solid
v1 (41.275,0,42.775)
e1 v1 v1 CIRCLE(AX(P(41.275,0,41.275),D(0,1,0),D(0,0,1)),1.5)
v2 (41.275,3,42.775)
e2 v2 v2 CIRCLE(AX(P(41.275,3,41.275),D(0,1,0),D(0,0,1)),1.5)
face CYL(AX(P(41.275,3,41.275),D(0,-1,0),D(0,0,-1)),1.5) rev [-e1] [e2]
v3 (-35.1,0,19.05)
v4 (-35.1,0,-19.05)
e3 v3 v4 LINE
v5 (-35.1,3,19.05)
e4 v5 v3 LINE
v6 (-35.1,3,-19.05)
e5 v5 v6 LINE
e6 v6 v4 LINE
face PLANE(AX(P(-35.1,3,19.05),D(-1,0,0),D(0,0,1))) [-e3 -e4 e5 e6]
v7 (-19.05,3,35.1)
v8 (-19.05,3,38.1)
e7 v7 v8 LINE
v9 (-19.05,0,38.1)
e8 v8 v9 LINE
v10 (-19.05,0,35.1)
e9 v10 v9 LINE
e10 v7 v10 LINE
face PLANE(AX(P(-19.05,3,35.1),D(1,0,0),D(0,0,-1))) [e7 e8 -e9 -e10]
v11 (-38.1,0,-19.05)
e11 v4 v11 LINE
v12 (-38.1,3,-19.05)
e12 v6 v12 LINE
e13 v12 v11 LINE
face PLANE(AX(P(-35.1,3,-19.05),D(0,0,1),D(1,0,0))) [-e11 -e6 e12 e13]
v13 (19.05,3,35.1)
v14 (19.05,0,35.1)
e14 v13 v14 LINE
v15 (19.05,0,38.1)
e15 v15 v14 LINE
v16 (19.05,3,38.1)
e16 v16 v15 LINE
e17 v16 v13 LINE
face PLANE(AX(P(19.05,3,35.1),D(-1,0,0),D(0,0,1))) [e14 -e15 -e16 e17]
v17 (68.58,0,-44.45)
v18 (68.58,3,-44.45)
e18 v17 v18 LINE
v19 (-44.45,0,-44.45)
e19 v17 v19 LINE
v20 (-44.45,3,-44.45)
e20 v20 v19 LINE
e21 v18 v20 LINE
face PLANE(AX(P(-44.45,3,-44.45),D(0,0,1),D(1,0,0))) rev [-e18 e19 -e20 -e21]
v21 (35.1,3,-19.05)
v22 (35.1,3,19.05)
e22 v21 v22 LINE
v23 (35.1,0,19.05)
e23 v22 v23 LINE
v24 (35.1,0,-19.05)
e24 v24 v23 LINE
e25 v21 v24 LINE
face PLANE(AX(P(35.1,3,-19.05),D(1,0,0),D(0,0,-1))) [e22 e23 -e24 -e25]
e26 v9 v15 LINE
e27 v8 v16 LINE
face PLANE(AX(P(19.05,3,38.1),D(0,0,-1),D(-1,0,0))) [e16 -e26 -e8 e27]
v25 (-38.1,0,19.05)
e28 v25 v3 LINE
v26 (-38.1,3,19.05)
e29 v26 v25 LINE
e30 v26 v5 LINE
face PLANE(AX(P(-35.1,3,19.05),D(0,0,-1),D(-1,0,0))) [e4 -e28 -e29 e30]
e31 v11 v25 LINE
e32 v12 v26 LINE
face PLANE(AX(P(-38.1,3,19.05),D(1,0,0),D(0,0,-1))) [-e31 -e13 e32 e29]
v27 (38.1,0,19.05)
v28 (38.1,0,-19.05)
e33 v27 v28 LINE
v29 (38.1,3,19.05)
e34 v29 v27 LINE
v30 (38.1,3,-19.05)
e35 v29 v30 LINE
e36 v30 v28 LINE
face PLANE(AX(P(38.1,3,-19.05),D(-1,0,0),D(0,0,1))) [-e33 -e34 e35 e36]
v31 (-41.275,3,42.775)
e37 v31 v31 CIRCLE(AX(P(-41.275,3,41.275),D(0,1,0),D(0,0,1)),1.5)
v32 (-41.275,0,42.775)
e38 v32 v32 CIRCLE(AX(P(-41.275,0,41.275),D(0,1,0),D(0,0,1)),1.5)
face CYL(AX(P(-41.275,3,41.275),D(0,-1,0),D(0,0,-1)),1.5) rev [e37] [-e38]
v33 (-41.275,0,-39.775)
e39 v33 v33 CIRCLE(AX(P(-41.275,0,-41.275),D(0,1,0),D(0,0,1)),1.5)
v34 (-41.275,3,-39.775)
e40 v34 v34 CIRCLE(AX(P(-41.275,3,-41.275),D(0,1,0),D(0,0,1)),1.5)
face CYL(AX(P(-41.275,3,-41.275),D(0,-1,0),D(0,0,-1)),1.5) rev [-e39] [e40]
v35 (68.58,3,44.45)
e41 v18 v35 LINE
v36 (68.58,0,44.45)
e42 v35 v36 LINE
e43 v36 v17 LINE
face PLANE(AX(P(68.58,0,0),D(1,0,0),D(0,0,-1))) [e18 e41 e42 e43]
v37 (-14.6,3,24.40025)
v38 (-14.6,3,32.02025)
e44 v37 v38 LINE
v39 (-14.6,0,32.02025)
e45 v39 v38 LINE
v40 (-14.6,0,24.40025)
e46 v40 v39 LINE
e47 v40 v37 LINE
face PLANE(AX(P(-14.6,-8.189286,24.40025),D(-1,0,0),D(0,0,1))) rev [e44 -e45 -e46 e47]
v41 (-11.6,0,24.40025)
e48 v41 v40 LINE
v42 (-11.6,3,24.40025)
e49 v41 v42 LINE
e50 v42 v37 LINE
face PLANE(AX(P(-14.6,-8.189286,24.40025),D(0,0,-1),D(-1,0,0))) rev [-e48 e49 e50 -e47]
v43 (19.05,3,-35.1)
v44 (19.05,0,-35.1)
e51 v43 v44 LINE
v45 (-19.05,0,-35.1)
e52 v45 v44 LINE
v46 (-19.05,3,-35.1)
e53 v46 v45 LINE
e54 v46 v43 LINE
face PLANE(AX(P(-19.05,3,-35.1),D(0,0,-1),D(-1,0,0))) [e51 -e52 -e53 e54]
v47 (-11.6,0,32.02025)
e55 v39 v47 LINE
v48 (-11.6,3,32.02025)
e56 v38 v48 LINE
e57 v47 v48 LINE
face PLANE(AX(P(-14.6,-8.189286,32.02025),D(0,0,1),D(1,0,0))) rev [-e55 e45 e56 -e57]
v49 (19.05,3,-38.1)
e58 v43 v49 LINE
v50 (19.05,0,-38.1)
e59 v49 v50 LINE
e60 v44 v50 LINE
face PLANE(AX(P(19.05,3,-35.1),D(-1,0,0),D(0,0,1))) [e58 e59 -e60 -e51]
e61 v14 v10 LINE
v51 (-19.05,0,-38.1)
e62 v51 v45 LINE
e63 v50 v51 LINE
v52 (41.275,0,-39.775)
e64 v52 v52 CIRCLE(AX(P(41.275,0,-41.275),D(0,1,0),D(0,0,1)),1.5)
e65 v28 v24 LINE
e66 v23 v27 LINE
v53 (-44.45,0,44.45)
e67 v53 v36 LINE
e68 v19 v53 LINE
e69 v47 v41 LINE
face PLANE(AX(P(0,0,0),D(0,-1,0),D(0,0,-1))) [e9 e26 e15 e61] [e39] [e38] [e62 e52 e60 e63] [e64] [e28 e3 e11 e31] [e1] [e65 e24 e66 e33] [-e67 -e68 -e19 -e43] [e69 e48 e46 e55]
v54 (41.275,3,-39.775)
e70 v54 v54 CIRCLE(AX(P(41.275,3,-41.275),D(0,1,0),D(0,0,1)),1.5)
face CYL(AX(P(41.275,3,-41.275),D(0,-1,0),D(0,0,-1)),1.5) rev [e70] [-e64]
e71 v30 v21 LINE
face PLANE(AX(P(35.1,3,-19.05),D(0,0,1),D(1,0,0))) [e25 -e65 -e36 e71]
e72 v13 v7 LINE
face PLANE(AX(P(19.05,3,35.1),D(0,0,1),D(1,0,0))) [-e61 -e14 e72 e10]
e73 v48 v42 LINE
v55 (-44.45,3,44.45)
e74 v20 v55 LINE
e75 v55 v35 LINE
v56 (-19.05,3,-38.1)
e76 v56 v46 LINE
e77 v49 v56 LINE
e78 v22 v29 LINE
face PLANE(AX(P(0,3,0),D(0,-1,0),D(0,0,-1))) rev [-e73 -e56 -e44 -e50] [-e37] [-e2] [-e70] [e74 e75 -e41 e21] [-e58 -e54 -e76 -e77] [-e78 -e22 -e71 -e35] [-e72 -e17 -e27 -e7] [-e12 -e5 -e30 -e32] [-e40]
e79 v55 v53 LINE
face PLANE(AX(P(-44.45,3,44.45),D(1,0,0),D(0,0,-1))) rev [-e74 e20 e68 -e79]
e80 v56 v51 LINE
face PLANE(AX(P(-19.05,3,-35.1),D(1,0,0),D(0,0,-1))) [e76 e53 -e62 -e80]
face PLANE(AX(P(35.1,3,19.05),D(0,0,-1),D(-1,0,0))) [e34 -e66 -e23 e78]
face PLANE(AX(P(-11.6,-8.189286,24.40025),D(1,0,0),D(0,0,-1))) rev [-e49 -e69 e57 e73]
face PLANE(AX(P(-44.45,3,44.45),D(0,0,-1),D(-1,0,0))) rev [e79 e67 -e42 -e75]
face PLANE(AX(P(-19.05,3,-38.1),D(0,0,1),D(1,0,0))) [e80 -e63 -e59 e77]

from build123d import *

# Parameters (mm, degrees)
SKETCH_4_W          = 88.9
SKETCH_4_H          = 88.9
SKETCH_4_R          = 1.5
SKETCH_4_W_2        = 38.1
SKETCH_4_H_2        = 3
SKETCH_4_W_3        = 3
SKETCH_4_H_3        = 38.1
EXTRUDE_1_DEPTH     = 3
SKETCH_6_W          = 88.9
SKETCH_6_H          = 3
EXTRUDE_2_DEPTH     = 24.13
SKETCH_7_W          = 3
SKETCH_7_H          = 7.62
CUT_EXTRUDE_1_DEPTH = 3


with BuildPart() as part:
    # 스케치4 → 보스-돌출1 (new body)
    with BuildSketch(Plane(origin=(0, 0, 0), x_dir=(1, 0, 0), z_dir=(0, 1, 0))):
        Rectangle(SKETCH_4_W, SKETCH_4_H)
        with Locations(Location((-41.275, 41.275, 0), (0, 0, 270))):
            Circle(SKETCH_4_R, mode=Mode.SUBTRACT)
        with Locations(Location((41.275, 41.275, 0), (0, 0, 270))):
            Circle(SKETCH_4_R, mode=Mode.SUBTRACT)
        with Locations(Location((41.275, -41.275, 0), (0, 0, 270))):
            Circle(SKETCH_4_R, mode=Mode.SUBTRACT)
        with Locations(Location((-41.275, -41.275, 0), (0, 0, 270))):
            Circle(SKETCH_4_R, mode=Mode.SUBTRACT)
        with Locations((0, 36.6)):
            Rectangle(SKETCH_4_W_2, SKETCH_4_H_2, mode=Mode.SUBTRACT)
        with Locations((36.6, 0)):
            Rectangle(SKETCH_4_W_3, SKETCH_4_H_3, mode=Mode.SUBTRACT)
        with Locations((0, -36.6)):
            Rectangle(SKETCH_4_W_2, SKETCH_4_H_2, mode=Mode.SUBTRACT)
        with Locations((-36.6, 0)):
            Rectangle(SKETCH_4_W_3, SKETCH_4_H_3, mode=Mode.SUBTRACT)
    extrude(amount=EXTRUDE_1_DEPTH)

    # 스케치6 → 보스-돌출2 (add)
    with BuildSketch(Plane(origin=(44.45, 0, 0), x_dir=(0, 0, -1), z_dir=(1, 0, 0))):
        with Locations((0, 1.5)):
            Rectangle(SKETCH_6_W, SKETCH_6_H)
    extrude(amount=EXTRUDE_2_DEPTH)

    # 스케치7 → 컷-돌출1 (cut)
    with BuildSketch(Plane(origin=(0, 3, 0), x_dir=(1, 0, 0), z_dir=(0, 1, 0))):
        with Locations((-13.1, -28.21025)):
            Rectangle(SKETCH_7_W, SKETCH_7_H)
    extrude(amount=-CUT_EXTRUDE_1_DEPTH, mode=Mode.SUBTRACT)


solid = part.part
